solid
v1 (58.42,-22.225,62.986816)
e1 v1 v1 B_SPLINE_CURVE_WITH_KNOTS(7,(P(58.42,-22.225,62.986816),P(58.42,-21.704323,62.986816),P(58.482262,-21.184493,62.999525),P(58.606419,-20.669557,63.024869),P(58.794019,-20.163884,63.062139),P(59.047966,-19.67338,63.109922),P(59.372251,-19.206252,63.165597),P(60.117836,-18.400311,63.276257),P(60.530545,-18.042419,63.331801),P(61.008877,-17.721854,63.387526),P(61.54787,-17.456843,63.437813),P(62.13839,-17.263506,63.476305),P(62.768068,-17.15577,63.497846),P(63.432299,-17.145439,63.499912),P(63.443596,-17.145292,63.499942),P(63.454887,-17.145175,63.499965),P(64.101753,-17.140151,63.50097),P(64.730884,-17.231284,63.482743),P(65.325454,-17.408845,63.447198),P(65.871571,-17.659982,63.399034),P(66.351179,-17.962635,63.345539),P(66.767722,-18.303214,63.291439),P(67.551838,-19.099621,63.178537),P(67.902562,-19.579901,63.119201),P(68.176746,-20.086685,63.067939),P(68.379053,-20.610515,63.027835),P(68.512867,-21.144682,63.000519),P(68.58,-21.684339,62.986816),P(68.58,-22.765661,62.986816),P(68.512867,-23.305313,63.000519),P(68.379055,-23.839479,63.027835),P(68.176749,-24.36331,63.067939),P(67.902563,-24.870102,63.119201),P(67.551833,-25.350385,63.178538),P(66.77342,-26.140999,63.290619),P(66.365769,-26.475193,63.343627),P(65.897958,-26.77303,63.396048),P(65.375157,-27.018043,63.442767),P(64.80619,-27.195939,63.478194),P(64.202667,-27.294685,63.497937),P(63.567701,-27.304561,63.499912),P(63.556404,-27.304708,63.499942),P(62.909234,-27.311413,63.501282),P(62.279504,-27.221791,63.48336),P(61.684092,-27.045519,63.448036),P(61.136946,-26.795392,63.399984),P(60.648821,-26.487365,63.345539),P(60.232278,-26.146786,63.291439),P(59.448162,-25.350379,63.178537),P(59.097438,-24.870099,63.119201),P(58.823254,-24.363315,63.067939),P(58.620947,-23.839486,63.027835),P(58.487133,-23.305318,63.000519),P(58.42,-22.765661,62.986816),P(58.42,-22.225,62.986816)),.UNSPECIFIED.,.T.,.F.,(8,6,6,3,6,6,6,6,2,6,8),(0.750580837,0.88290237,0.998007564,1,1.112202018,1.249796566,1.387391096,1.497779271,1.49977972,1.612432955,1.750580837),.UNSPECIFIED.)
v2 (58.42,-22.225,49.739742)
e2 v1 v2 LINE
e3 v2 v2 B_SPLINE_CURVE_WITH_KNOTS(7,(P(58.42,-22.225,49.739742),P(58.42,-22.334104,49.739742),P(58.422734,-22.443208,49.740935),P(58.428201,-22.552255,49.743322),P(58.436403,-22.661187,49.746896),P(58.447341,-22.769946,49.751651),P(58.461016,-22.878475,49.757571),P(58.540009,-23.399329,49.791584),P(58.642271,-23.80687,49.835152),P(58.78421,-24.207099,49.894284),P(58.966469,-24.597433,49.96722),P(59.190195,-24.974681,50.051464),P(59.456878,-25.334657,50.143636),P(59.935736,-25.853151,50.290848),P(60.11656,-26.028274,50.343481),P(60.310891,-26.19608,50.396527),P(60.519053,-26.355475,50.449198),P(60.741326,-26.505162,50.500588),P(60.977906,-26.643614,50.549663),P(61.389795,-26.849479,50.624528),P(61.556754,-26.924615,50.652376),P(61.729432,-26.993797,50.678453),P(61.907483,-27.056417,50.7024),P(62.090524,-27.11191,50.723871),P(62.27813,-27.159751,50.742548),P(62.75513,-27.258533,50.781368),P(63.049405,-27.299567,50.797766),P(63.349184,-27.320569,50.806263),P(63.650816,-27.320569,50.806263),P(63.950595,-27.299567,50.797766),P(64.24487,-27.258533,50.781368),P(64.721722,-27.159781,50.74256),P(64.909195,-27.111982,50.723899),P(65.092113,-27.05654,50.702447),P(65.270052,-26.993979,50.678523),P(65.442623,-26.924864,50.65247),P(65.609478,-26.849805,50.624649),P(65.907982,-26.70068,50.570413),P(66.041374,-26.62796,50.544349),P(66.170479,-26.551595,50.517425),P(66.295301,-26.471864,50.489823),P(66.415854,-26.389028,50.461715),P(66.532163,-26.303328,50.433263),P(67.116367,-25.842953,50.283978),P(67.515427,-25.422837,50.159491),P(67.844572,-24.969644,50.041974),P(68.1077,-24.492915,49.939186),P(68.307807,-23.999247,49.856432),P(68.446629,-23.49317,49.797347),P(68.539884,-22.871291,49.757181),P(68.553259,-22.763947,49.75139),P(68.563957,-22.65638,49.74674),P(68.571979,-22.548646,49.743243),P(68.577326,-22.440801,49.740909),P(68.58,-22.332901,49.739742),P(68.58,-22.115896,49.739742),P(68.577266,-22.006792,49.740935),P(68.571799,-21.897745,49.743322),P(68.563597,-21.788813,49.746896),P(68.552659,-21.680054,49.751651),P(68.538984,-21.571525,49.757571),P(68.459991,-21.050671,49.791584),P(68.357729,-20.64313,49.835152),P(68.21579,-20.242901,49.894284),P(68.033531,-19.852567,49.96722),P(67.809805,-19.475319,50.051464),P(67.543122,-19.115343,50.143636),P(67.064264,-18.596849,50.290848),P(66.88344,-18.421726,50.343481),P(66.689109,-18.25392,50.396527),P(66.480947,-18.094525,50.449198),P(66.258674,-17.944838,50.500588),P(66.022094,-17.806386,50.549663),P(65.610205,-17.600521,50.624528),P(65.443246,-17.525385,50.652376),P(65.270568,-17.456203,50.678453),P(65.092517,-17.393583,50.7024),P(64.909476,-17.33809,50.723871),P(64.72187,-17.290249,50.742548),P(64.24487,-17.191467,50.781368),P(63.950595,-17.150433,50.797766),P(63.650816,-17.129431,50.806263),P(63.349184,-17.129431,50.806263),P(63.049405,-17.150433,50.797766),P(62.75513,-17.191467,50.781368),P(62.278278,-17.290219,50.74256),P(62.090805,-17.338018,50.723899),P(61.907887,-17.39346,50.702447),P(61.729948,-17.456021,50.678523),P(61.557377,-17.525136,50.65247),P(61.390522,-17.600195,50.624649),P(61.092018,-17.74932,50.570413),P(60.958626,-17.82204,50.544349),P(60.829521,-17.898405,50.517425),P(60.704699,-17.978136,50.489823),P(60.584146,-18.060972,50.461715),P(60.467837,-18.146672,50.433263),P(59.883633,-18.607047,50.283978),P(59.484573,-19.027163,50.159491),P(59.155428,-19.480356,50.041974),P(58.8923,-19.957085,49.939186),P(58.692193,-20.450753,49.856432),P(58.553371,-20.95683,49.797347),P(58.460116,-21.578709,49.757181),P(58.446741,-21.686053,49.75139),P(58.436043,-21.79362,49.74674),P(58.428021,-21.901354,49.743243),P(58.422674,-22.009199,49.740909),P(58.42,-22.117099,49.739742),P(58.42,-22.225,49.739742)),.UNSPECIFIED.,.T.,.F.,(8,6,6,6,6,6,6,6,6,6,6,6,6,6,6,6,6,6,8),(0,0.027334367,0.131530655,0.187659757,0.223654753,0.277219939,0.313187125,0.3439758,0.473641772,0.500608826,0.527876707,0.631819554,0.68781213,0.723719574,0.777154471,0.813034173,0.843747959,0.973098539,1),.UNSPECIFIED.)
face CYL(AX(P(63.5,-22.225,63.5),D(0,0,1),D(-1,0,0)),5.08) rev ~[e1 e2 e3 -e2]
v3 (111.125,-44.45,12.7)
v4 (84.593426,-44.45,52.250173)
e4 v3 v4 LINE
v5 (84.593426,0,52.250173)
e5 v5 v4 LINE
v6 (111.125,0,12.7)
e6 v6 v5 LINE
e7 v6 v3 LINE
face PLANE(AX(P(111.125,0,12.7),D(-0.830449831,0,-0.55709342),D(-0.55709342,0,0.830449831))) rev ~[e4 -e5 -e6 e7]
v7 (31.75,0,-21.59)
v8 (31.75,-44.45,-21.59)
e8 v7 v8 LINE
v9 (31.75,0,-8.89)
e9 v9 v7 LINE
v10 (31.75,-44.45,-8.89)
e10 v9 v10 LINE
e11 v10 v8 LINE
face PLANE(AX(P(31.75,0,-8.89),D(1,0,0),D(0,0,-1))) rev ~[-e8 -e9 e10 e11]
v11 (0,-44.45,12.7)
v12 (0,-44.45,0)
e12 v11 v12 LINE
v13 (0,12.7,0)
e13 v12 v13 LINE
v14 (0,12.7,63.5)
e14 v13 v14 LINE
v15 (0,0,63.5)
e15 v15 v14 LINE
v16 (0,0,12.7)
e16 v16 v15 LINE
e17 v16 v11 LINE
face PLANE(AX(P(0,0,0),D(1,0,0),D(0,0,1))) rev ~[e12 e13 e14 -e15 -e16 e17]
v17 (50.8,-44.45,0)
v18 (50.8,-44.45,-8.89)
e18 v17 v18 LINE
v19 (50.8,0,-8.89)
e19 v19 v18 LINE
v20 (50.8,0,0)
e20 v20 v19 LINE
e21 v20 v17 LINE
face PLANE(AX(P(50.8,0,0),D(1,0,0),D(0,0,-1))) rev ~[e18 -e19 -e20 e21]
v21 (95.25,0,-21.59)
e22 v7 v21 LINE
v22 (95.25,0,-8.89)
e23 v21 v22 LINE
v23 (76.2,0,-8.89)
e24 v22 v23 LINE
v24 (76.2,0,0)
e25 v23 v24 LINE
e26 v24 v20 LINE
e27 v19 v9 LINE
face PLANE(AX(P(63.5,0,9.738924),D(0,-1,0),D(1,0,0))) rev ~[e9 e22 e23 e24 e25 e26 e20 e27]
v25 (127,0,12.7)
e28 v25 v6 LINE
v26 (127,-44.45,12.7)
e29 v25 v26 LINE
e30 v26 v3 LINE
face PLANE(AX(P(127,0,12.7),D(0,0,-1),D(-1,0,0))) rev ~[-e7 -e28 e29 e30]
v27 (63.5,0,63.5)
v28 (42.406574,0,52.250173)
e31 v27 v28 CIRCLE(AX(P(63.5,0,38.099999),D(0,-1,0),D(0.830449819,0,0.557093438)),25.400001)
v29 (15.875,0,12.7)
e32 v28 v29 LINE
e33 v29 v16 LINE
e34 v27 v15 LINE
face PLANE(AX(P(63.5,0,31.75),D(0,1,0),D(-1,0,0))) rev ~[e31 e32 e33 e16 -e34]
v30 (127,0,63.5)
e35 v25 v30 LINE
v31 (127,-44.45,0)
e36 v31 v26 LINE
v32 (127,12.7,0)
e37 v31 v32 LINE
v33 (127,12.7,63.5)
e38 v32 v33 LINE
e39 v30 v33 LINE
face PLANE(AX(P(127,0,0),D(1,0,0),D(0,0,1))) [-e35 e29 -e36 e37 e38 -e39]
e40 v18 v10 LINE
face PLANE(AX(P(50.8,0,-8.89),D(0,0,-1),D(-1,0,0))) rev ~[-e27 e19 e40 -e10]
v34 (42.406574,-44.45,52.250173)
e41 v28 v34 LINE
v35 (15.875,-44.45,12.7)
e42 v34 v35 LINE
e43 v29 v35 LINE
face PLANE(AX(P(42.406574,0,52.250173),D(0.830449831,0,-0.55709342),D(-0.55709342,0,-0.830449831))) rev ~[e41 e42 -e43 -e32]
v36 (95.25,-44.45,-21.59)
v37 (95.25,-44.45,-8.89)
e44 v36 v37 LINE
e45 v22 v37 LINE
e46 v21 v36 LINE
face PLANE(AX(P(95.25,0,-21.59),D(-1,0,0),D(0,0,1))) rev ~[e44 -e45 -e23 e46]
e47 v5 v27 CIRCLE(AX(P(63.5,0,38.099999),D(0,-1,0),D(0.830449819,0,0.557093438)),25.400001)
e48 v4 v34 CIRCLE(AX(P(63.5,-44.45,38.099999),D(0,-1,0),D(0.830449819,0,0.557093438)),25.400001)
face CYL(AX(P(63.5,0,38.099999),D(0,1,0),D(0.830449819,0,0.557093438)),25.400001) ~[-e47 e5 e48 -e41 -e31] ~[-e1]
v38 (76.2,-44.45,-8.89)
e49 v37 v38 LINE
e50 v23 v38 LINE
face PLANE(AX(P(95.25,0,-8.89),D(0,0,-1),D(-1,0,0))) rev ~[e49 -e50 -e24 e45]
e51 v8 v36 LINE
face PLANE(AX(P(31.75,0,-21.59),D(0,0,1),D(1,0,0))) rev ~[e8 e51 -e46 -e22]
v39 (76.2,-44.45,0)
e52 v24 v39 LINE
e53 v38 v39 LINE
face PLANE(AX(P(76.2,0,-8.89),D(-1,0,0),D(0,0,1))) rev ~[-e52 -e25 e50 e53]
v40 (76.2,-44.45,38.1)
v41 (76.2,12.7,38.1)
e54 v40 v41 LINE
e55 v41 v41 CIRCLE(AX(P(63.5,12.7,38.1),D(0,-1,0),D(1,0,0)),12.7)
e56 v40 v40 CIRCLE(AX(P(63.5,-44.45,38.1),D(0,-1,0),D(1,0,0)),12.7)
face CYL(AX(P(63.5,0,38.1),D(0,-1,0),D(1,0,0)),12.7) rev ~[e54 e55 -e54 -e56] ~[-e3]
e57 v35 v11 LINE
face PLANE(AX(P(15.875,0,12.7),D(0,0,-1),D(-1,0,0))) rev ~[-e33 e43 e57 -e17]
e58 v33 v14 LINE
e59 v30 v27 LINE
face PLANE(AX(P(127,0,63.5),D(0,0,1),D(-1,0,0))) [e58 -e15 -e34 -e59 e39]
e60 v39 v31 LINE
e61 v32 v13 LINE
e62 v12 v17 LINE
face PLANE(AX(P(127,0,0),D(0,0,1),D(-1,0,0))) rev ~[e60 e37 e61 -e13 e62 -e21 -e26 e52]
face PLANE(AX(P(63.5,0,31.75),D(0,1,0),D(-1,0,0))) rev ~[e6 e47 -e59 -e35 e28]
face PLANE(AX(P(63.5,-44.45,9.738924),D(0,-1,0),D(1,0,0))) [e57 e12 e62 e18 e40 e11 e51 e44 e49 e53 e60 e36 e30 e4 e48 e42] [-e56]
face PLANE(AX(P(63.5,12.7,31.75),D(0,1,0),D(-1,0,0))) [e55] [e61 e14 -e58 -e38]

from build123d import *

# Parameters (mm, degrees)
F0_R     = 12.7
F1_DEPTH = 44.45
F2_W     = 127
F2_H     = 63.5
F3_DEPTH = 12.7
F4_R     = 12.7
F5_DEPTH = 12.701
F7_DEPTH = 25.4


with BuildPart() as f1:
    # F0 (on Front) → F1 (new body)
    with BuildSketch(Plane.XZ):
        with BuildLine():
            Line((0, 12.7), (0, 0))
            Line((0, 0), (50.8, 0))
            Line((50.8, 0), (50.8, -8.89))
            Line((50.8, -8.89), (31.75, -8.89))
            Line((31.75, -8.89), (31.75, -21.59))
            Line((31.75, -21.59), (95.25, -21.59))
            Line((95.25, -21.59), (95.25, -8.89))
            Line((95.25, -8.89), (76.2, -8.89))
            Line((76.2, -8.89), (76.2, 0))
            Line((76.2, 0), (127, 0))
            Line((127, 0), (127, 12.7))
            Line((127, 12.7), (111.125, 12.7))
            Line((111.125, 12.7), (84.593426, 52.250173))
            ThreePointArc((84.593426, 52.250173), (63.5, 63.5), (42.406574, 52.250173))
            Line((42.406574, 52.250173), (15.875, 12.7))
            Line((15.875, 12.7), (0, 12.7))
        make_face()
        with Locations((63.5, 38.1)):
            Circle(F0_R, mode=Mode.SUBTRACT)
    extrude(amount=F1_DEPTH)

    # F2 (on face) → F3 (join)
    with BuildSketch(Plane(origin=(0, 0, 0), x_dir=(-1, 0, 0), z_dir=(0, 1, 0))):
        with Locations((-63.5, 31.75)):
            Rectangle(F2_W, F2_H)
    extrude(amount=F3_DEPTH)

    # F4 (on face) → F5 (cut, through all)
    with BuildSketch(Plane.XZ):
        with Locations((63.5, 38.1)):
            Circle(F4_R)
    extrude(amount=-F5_DEPTH, mode=Mode.SUBTRACT)

    # F6 (on face) → F7 (cut)
    with BuildSketch(Plane.XY.offset(63.5)):
        with BuildLine():
            Line((63.5, -22.225), (68.58, -22.225))
            ThreePointArc((68.58, -22.225), (63.5, -17.145), (58.42, -22.225))
            Line((58.42, -22.225), (63.5, -22.225))
        make_face()
        with BuildLine():
            ThreePointArc((58.42, -22.225), (63.5, -27.305), (68.58, -22.225))
            Line((68.58, -22.225), (63.5, -22.225))
            Line((63.5, -22.225), (58.42, -22.225))
        make_face()
    extrude(amount=-F7_DEPTH, mode=Mode.SUBTRACT)


solid = f1.part
